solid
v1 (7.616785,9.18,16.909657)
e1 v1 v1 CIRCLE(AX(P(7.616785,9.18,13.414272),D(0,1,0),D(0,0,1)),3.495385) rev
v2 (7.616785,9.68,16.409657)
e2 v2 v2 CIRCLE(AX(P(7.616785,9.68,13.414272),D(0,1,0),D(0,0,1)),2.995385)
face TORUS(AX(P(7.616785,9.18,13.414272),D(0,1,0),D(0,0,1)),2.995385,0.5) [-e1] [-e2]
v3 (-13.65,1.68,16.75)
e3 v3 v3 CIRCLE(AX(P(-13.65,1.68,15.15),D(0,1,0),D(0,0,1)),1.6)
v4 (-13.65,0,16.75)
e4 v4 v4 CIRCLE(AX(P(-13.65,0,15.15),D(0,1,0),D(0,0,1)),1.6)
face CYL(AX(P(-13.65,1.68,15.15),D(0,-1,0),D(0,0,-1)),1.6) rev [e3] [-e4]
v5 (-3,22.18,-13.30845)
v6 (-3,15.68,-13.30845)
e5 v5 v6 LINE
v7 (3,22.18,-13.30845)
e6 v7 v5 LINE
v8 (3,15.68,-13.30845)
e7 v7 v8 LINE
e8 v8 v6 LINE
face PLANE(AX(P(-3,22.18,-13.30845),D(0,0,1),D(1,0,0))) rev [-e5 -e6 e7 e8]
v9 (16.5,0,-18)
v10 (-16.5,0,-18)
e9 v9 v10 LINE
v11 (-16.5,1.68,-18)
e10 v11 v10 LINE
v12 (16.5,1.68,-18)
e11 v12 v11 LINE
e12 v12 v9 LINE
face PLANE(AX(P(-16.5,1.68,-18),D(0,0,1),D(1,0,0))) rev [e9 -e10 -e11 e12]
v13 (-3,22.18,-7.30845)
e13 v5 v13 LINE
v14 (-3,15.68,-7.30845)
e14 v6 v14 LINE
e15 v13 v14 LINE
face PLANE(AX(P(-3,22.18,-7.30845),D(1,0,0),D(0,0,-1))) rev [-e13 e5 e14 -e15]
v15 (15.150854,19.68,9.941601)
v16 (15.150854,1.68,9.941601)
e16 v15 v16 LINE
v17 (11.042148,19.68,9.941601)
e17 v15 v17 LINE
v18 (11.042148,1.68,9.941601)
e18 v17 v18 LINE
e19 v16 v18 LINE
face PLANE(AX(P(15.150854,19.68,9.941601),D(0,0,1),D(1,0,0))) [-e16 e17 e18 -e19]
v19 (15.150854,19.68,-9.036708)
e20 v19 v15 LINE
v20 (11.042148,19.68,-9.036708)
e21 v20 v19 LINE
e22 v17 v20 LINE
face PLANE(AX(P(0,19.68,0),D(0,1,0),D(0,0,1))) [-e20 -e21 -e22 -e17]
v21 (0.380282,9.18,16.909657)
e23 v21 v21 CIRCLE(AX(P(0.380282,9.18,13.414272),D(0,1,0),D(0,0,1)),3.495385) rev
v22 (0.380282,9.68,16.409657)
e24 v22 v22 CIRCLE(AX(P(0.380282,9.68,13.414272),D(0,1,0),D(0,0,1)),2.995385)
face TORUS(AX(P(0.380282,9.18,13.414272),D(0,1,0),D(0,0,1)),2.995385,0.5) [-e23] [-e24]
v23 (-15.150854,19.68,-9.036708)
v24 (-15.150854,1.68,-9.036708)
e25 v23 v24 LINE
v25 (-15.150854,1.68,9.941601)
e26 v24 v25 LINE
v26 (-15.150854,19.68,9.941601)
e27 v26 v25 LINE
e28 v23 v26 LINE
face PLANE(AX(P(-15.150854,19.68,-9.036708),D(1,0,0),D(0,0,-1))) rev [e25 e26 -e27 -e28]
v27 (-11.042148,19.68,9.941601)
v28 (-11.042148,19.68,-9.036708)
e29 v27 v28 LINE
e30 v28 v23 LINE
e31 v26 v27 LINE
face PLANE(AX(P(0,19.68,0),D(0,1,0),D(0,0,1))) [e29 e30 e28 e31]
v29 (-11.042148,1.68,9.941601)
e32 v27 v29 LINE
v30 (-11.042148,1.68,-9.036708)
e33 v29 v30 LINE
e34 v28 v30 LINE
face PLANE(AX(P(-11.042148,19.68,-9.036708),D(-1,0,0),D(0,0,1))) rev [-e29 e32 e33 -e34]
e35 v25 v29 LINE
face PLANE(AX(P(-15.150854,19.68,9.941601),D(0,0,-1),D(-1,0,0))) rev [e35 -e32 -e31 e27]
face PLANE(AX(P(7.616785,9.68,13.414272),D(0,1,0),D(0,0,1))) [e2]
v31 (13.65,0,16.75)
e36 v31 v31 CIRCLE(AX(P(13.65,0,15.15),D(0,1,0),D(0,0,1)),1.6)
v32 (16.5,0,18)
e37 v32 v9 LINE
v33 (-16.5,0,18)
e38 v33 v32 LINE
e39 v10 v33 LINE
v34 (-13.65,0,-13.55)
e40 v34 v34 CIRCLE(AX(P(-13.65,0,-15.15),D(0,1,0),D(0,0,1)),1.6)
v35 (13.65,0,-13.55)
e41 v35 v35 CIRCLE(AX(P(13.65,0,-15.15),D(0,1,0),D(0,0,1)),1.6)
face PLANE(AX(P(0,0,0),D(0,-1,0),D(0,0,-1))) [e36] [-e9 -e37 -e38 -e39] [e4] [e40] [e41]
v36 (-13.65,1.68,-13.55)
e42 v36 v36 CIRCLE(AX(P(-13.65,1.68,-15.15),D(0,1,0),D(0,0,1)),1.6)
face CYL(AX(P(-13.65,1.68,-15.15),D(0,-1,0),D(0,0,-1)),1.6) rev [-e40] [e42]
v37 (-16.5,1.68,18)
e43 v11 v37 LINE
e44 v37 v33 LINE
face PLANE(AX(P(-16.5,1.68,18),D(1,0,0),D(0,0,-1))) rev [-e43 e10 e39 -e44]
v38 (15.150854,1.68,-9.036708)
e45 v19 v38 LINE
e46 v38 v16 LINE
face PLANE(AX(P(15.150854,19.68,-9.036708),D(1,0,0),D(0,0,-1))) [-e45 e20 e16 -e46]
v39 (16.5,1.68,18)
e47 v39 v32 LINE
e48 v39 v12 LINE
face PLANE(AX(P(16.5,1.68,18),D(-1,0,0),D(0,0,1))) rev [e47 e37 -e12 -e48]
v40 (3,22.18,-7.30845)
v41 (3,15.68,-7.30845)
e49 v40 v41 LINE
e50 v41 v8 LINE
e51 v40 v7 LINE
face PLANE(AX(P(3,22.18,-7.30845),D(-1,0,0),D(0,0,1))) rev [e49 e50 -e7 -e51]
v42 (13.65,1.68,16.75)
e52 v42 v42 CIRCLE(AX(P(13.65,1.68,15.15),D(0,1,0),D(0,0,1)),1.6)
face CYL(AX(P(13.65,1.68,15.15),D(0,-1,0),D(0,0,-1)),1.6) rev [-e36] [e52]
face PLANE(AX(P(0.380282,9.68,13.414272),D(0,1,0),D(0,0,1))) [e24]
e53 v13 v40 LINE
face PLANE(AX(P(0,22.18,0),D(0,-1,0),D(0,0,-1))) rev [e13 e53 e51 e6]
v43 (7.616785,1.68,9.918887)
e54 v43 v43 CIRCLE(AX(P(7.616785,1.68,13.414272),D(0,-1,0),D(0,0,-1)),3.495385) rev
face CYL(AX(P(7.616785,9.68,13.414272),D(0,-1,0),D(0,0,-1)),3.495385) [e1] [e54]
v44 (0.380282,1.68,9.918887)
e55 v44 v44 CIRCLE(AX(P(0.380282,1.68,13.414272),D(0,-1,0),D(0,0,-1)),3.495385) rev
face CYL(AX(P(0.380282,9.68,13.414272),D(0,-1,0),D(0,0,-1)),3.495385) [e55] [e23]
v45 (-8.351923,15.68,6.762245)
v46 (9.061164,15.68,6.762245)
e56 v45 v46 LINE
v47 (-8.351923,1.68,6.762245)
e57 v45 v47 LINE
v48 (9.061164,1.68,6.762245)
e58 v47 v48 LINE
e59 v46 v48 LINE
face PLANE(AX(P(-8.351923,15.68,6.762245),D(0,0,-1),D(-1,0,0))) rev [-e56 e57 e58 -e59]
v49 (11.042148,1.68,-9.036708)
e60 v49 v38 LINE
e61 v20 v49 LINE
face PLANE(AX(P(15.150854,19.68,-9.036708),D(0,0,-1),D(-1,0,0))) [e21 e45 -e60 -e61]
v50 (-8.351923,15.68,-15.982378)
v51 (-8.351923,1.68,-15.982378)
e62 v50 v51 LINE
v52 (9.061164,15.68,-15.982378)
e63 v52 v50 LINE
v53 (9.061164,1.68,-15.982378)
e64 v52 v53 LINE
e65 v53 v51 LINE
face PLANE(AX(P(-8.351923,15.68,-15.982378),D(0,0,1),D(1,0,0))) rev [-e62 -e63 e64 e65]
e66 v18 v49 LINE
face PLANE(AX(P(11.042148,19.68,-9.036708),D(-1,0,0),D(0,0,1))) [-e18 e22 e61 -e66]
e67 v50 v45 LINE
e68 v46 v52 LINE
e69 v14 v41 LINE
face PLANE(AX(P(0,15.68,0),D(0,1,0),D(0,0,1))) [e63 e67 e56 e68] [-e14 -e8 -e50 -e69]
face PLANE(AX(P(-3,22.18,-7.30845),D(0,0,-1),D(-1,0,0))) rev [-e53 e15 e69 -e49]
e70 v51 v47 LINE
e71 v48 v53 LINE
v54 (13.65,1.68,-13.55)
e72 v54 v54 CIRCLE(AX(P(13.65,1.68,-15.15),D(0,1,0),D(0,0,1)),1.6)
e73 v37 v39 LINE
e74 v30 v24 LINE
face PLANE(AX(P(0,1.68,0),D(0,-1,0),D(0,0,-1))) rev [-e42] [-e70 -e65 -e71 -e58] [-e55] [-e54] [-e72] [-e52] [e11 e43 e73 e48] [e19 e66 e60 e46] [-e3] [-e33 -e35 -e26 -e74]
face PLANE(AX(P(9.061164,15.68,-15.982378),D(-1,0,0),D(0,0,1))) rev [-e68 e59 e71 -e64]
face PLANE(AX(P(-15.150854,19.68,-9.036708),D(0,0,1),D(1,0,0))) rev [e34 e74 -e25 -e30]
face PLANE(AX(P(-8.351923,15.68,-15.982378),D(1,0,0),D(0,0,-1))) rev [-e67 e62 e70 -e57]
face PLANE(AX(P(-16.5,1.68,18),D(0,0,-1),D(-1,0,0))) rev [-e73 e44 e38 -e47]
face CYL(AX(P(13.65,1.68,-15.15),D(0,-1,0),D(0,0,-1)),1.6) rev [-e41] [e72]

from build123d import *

# Parameters (mm, degrees)
SKETCH1_W           = 33
SKETCH1_H           = 36
SKETCH1_R           = 1.6
BOSS_EXTRUDE1_DEPTH = 1.68
SKETCH2_W           = 17.413087774
SKETCH2_H           = 22.744623076
BOSS_EXTRUDE2_DEPTH = 14
SKETCH3_W           = 6
SKETCH3_H           = 6
BOSS_EXTRUDE3_DEPTH = 6.5
SKETCH4_W           = 4.108706104
SKETCH4_H           = 18.978309146
BOSS_EXTRUDE4_DEPTH = 18
SKETCH5_R           = 3.495385022
BOSS_EXTRUDE5_DEPTH = 8
FILLET1_R           = 0.5


with BuildPart() as part:
    # Sketch1 → Boss-Extrude1 (new body)
    with BuildSketch(Plane(origin=(0, 0, 0), x_dir=(1, 0, 0), z_dir=(0, 1, 0))):
        Rectangle(SKETCH1_W, SKETCH1_H)
        with Locations(Location((-13.65, 15.15, 0), (0, 0, 270))):
            Circle(SKETCH1_R, mode=Mode.SUBTRACT)
        with Locations(Location((13.65, 15.15, 0), (0, 0, 270))):
            Circle(SKETCH1_R, mode=Mode.SUBTRACT)
        with Locations(Location((13.65, -15.15, 0), (0, 0, 270))):
            Circle(SKETCH1_R, mode=Mode.SUBTRACT)
        with Locations(Location((-13.65, -15.15, 0), (0, 0, 270))):
            Circle(SKETCH1_R, mode=Mode.SUBTRACT)
    extrude(amount=BOSS_EXTRUDE1_DEPTH)

    # Sketch2 → Boss-Extrude2 (add)
    with BuildSketch(Plane(origin=(0, 1.68, 0), x_dir=(1, 0, 0), z_dir=(0, 1, 0))):
        with Locations((0.354620467, 4.610066075)):
            Rectangle(SKETCH2_W, SKETCH2_H)
    extrude(amount=BOSS_EXTRUDE2_DEPTH)

    # Sketch3 → Boss-Extrude3 (add)
    with BuildSketch(Plane(origin=(0, 15.68, 0), x_dir=(1, 0, 0), z_dir=(0, 1, 0))):
        with Locations((0, 10.308450136)):
            Rectangle(SKETCH3_W, SKETCH3_H)
    extrude(amount=BOSS_EXTRUDE3_DEPTH)

    # Sketch4 → Boss-Extrude4 (add)
    with BuildSketch(Plane(origin=(0, 1.68, 0), x_dir=(1, 0, 0), z_dir=(0, 1, 0))):
        with Locations((-13.096500706, -0.452446803)):
            Rectangle(SKETCH4_W, SKETCH4_H)
    boss_extrude4 = extrude(amount=BOSS_EXTRUDE4_DEPTH)

    # Mirror1: Boss-Extrude4 across plane
    add(boss_extrude4.mirror(Plane(origin=(0, 0, 0), x_dir=(0, 0, 1), z_dir=(1, 0, 0))))

    # Sketch5 → Boss-Extrude5 (add)
    with BuildSketch(Plane(origin=(0, 1.68, 0), x_dir=(1, 0, 0), z_dir=(0, 1, 0))):
        with Locations(Location((7.61678506, -13.414271653, 0), (0, 0, 90))):
            Circle(SKETCH5_R)
        with Locations(Location((0.380282147, -13.414271653, 0), (0, 0, 90))):
            Circle(SKETCH5_R)
    extrude(amount=BOSS_EXTRUDE5_DEPTH)

    # Fillet1
    fillet1_edges = [part.edges().sort_by_distance(p)[0] for p in [
        (7.61678506, 9.68, 16.909656675),
        (0.380282147, 9.68, 16.909656675),
    ]]
    fillet(fillet1_edges, radius=FILLET1_R)


solid = part.part
